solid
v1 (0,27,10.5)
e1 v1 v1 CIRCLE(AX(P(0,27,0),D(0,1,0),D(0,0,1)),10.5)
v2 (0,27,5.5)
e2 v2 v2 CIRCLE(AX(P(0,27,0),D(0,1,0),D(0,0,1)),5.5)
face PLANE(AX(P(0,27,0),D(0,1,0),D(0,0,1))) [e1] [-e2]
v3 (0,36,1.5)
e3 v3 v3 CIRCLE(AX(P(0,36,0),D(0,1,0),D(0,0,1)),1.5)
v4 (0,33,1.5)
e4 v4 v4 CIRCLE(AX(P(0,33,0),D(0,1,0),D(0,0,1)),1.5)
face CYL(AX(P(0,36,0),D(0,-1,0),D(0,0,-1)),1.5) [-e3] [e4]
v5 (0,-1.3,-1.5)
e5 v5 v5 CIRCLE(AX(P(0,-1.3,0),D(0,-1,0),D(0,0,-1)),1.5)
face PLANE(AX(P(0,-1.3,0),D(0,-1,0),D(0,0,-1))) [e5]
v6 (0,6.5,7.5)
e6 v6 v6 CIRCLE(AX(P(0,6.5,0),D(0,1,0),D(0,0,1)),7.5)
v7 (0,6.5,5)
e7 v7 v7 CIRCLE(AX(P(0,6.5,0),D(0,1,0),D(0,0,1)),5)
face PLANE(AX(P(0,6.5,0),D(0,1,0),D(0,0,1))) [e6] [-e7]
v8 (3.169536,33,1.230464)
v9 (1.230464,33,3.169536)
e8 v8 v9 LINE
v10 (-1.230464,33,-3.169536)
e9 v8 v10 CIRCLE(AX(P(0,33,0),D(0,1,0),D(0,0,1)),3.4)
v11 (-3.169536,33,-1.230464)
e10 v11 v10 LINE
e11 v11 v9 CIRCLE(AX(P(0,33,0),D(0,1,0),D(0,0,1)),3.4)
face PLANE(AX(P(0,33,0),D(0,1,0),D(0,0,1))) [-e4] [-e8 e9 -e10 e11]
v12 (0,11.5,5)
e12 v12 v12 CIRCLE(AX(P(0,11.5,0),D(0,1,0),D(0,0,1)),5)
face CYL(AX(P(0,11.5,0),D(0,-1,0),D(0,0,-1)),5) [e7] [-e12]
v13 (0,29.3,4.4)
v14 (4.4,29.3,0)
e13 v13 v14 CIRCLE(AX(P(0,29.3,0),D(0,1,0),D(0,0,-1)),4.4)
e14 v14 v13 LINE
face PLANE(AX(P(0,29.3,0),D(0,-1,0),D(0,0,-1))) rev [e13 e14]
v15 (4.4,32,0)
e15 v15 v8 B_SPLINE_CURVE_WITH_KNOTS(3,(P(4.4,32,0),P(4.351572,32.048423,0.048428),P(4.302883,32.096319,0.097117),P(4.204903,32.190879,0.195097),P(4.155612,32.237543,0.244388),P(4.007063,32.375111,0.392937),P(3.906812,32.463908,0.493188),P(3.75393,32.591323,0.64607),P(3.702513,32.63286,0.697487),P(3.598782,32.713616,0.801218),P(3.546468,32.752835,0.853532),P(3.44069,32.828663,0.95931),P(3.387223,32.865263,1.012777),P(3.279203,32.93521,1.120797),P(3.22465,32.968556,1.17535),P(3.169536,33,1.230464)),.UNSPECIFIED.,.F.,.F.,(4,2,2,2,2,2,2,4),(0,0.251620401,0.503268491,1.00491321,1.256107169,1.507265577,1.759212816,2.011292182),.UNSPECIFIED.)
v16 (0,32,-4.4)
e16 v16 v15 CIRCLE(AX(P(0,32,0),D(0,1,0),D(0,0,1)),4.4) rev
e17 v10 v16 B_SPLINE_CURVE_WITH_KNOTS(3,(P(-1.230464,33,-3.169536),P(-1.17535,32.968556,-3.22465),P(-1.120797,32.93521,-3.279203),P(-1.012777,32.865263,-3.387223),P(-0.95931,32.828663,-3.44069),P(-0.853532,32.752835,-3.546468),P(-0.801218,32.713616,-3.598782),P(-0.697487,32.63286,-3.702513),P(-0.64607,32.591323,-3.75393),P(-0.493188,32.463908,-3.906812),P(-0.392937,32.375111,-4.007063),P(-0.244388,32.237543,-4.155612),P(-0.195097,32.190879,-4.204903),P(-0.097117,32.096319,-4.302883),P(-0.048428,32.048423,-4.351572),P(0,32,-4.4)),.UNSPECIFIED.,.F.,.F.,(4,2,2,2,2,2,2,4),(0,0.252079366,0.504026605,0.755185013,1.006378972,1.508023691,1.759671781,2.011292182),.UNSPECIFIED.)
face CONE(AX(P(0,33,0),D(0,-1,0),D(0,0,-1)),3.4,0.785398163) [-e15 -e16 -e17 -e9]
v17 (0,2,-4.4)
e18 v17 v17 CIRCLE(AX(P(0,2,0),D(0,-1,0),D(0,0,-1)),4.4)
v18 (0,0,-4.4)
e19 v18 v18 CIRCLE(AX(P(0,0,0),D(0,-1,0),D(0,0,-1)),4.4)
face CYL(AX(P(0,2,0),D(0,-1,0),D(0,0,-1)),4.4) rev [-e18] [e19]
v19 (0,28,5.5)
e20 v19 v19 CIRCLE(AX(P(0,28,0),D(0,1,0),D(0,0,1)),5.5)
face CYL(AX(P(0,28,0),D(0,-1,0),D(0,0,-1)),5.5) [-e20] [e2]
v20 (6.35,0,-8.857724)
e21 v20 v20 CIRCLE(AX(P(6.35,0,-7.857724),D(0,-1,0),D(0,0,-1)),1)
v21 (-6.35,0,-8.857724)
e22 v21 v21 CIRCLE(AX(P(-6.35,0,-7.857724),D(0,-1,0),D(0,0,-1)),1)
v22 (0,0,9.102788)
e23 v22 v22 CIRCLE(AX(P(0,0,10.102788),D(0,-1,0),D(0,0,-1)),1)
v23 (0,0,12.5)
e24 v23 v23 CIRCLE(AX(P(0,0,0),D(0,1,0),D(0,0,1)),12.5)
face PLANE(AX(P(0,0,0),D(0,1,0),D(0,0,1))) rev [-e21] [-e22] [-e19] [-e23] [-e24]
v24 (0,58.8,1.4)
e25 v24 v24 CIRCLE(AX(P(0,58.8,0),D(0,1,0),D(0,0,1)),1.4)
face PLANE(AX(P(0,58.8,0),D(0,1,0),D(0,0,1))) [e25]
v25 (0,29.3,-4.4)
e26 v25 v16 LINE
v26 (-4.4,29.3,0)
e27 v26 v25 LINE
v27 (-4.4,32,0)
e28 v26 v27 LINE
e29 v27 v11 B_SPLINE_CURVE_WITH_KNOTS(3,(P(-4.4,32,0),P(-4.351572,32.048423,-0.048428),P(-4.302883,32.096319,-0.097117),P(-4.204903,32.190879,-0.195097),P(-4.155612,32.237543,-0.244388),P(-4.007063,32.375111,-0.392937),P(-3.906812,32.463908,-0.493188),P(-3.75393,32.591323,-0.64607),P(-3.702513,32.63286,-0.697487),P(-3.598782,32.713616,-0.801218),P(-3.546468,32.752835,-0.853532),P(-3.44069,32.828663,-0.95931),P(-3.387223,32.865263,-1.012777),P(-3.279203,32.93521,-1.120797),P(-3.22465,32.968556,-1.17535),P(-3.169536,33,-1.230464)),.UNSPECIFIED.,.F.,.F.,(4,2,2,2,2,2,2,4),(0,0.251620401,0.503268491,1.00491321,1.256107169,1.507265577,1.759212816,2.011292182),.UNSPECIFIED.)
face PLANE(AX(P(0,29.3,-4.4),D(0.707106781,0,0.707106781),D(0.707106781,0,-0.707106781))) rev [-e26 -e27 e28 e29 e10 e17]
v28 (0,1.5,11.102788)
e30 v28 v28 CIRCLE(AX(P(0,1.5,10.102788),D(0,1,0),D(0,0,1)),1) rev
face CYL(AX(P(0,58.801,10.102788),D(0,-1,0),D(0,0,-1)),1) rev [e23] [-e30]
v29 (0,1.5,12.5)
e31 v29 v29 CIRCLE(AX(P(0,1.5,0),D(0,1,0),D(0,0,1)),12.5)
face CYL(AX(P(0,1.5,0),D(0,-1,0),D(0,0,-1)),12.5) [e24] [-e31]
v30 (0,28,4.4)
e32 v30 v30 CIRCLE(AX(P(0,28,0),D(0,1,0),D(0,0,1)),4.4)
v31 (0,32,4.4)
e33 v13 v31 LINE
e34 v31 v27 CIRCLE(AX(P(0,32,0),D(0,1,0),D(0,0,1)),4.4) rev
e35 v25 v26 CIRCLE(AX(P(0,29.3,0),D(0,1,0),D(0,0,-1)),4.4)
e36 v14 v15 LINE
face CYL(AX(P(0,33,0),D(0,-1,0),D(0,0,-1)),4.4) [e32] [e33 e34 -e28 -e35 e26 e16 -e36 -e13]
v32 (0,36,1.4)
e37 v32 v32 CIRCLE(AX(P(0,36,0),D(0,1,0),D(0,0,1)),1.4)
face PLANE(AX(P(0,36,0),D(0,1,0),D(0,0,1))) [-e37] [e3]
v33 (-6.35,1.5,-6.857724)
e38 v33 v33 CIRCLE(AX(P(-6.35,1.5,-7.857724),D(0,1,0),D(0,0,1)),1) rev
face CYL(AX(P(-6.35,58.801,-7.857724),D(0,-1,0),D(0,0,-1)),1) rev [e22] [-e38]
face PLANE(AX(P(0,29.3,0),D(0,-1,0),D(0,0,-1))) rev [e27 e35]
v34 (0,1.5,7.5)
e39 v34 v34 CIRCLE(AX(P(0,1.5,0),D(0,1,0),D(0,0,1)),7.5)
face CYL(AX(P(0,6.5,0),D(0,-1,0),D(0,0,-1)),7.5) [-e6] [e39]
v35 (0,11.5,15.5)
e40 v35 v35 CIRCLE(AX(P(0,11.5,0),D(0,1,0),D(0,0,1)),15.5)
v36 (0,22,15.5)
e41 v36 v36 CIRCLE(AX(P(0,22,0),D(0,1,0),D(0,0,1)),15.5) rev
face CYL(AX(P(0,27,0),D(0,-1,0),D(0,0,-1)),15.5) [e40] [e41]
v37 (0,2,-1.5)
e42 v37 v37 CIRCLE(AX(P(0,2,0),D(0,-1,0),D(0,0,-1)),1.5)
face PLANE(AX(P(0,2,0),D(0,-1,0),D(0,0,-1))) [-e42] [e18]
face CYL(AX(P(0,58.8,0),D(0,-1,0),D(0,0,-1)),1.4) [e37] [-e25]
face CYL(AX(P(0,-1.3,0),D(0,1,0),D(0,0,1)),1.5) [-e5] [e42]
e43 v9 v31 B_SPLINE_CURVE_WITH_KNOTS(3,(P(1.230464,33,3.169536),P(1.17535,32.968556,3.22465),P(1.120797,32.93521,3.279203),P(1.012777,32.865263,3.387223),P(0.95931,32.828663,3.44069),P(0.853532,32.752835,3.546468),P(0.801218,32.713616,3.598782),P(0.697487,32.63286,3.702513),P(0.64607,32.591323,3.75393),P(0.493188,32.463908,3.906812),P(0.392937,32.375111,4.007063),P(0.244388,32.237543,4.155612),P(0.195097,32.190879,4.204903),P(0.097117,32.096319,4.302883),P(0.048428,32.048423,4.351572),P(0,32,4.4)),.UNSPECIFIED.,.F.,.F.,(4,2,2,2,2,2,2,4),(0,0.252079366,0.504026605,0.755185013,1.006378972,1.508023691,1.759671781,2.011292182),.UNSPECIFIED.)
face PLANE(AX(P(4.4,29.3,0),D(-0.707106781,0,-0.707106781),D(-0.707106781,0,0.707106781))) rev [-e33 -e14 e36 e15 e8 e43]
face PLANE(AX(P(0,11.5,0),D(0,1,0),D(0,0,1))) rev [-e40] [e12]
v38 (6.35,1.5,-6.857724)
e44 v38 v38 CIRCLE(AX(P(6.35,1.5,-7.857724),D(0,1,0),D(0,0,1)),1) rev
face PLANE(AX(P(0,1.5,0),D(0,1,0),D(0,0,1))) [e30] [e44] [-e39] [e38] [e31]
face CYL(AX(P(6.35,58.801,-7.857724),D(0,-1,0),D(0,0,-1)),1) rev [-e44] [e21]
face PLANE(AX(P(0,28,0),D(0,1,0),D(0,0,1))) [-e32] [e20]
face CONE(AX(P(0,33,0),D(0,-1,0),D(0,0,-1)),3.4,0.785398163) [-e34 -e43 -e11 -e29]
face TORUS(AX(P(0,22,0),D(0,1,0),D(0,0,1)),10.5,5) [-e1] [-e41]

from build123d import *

# Parameters (mm, degrees)
SKETCH1_R       = 12.5
EXTRUDE1_DEPTH  = 1.5
SKETCH2_R       = 7.5
EXTRUDE2_DEPTH  = 5
SKETCH3_R       = 5
EXTRUDE3_DEPTH  = 5
SKETCH4_R       = 15.5
EXTRUDE4_DEPTH  = 15.5
SKETCH5_R       = 5.5
EXTRUDE5_DEPTH  = 1
SKETCH6_R       = 4.4
EXTRUDE6_DEPTH  = 5
EXTRUDE7_START  = -3.7
EXTRUDE7_DEPTH  = 3.7
SKETCH8_R       = 1.5
EXTRUDE8_DEPTH  = 3
SKETCH9_R       = 1.4
EXTRUDE9_DEPTH  = 22.8
SKETCH10_R      = 4.4
EXTRUDE10_DEPTH = 2
EXTRUDE11_START = 3.3
SKETCH11_R      = 1.5
EXTRUDE11_DEPTH = 3.3
EXTRUDE12_REACH = 64.753
SKETCH12_R      = 1
FILLET1_R       = 5
CHAMFER1_SIZE   = 1


with BuildPart() as part:
    # Sketch1 → Extrude1 (new body)
    with BuildSketch(Plane(origin=(0, 0, 0), x_dir=(1, 0, 0), z_dir=(0, 1, 0))):
        with Locations(Location((0, 0, 0), (0, 0, 270))):
            Circle(SKETCH1_R)
    extrude(amount=EXTRUDE1_DEPTH)

    # Sketch2 → Extrude2 (add)
    with BuildSketch(Plane(origin=(0, 1.5, 0), x_dir=(1, 0, 0), z_dir=(0, 1, 0))):
        with Locations(Location((0, 0, 0), (0, 0, 270))):
            Circle(SKETCH2_R)
    extrude(amount=EXTRUDE2_DEPTH)

    # Sketch3 → Extrude3 (add)
    with BuildSketch(Plane(origin=(0, 6.5, 0), x_dir=(1, 0, 0), z_dir=(0, 1, 0))):
        with Locations(Location((0, 0, 0), (0, 0, 270))):
            Circle(SKETCH3_R)
    extrude(amount=EXTRUDE3_DEPTH)

    # Sketch4 → Extrude4 (add)
    with BuildSketch(Plane(origin=(0, 11.5, 0), x_dir=(1, 0, 0), z_dir=(0, 1, 0))):
        with Locations(Location((0, 0, 0), (0, 0, 270))):
            Circle(SKETCH4_R)
    extrude(amount=EXTRUDE4_DEPTH)

    # Sketch5 → Extrude5 (add)
    with BuildSketch(Plane(origin=(0, 27, 0), x_dir=(1, 0, 0), z_dir=(0, 1, 0))):
        with Locations(Location((0, 0, 0), (0, 0, 270))):
            Circle(SKETCH5_R)
    extrude(amount=EXTRUDE5_DEPTH)

    # Sketch6 → Extrude6 (add)
    with BuildSketch(Plane(origin=(0, 28, 0), x_dir=(1, 0, 0), z_dir=(0, 1, 0))):
        with Locations(Location((0, 0, 0), (0, 0, 270))):
            Circle(SKETCH6_R)
    extrude(amount=EXTRUDE6_DEPTH)

    # Sketch7 → Extrude7 (cut)
    with BuildSketch(Plane(origin=(0, 33, 0), x_dir=(1, 0, 0), z_dir=(0, 1, 0)).offset(EXTRUDE7_START)):
        with BuildLine():
            Line((0, 4.4), (-4.4, 0))
            ThreePointArc((-4.4, 0), (-3.111269837, 3.111269837), (0, 4.4))
        make_face()
        with BuildLine():
            Line((4.4, 0), (0, -4.4))
            ThreePointArc((0, -4.4), (3.111269837, -3.111269837), (4.4, 0))
        make_face()
    extrude(amount=EXTRUDE7_DEPTH, mode=Mode.SUBTRACT)

    # Sketch8 → Extrude8 (add)
    with BuildSketch(Plane(origin=(0, 33, 0), x_dir=(1, 0, 0), z_dir=(0, 1, 0))):
        with Locations(Location((0, 0, 0), (0, 0, 270))):
            Circle(SKETCH8_R)
    extrude(amount=EXTRUDE8_DEPTH)

    # Sketch9 → Extrude9 (add)
    with BuildSketch(Plane(origin=(0, 36, 0), x_dir=(1, 0, 0), z_dir=(0, 1, 0))):
        with Locations(Location((0, 0, 0), (0, 0, 270))):
            Circle(SKETCH9_R)
    extrude(amount=EXTRUDE9_DEPTH)

    # Sketch10 → Extrude10 (cut)
    with BuildSketch(Plane.XZ):
        with Locations(Location((0, 0, 0), (0, 0, 90))):
            Circle(SKETCH10_R)
    extrude(amount=-EXTRUDE10_DEPTH, mode=Mode.SUBTRACT)

    # Sketch11 → Extrude11 (add)
    with BuildSketch(Plane.XZ.offset(-2).offset(EXTRUDE11_START)):
        with Locations(Location((0, 0, 0), (0, 0, 90))):
            Circle(SKETCH11_R)
    extrude(amount=-EXTRUDE11_DEPTH)

    # Sketch12 → Extrude12 (cut, up to next)
    with BuildSketch(Plane.XZ, mode=Mode.PRIVATE) as extrude12_sk1:
        with Locations(Location((0, 10.102788136, 0), (0, 0, 270))):
            Circle(SKETCH12_R)
    extrude12_tool1 = extrude(extrude12_sk1.sketch, amount=-EXTRUDE12_REACH, mode=Mode.PRIVATE) & part.part
    # Sketch12 → Extrude12 (cut, up to next)
    with BuildSketch(Plane.XZ, mode=Mode.PRIVATE) as extrude12_sk2:
        with Locations(Location((-6.35, -7.857724106, 0), (0, 0, 270))):
            Circle(SKETCH12_R)
    extrude12_tool2 = extrude(extrude12_sk2.sketch, amount=-EXTRUDE12_REACH, mode=Mode.PRIVATE) & part.part
    # Sketch12 → Extrude12 (cut, up to next)
    with BuildSketch(Plane.XZ, mode=Mode.PRIVATE) as extrude12_sk3:
        with Locations(Location((6.35, -7.857724106, 0), (0, 0, 270))):
            Circle(SKETCH12_R)
    extrude12_tool3 = extrude(extrude12_sk3.sketch, amount=-EXTRUDE12_REACH, mode=Mode.PRIVATE) & part.part
    add(extrude12_tool1.solids().sort_by_distance((0, 0, 10.102788))[0], mode=Mode.SUBTRACT)
    add(extrude12_tool2.solids().sort_by_distance((-6.35, 0, -7.857724))[0], mode=Mode.SUBTRACT)
    add(extrude12_tool3.solids().sort_by_distance((6.35, 0, -7.857724))[0], mode=Mode.SUBTRACT)

    # Fillet1
    fillet1_edges = [part.edges().sort_by_distance(p)[0] for p in [
        (0, 27, -15.5),
    ]]
    fillet(fillet1_edges, radius=FILLET1_R)

    # Chamfer1
    chamfer1_edges = [part.edges().sort_by_distance(p)[0] for p in [
        (-3.111269837, 33, 3.111269837),
        (3.111269837, 33, -3.111269837),
    ]]
    chamfer(chamfer1_edges, length=CHAMFER1_SIZE)


solid = part.part
